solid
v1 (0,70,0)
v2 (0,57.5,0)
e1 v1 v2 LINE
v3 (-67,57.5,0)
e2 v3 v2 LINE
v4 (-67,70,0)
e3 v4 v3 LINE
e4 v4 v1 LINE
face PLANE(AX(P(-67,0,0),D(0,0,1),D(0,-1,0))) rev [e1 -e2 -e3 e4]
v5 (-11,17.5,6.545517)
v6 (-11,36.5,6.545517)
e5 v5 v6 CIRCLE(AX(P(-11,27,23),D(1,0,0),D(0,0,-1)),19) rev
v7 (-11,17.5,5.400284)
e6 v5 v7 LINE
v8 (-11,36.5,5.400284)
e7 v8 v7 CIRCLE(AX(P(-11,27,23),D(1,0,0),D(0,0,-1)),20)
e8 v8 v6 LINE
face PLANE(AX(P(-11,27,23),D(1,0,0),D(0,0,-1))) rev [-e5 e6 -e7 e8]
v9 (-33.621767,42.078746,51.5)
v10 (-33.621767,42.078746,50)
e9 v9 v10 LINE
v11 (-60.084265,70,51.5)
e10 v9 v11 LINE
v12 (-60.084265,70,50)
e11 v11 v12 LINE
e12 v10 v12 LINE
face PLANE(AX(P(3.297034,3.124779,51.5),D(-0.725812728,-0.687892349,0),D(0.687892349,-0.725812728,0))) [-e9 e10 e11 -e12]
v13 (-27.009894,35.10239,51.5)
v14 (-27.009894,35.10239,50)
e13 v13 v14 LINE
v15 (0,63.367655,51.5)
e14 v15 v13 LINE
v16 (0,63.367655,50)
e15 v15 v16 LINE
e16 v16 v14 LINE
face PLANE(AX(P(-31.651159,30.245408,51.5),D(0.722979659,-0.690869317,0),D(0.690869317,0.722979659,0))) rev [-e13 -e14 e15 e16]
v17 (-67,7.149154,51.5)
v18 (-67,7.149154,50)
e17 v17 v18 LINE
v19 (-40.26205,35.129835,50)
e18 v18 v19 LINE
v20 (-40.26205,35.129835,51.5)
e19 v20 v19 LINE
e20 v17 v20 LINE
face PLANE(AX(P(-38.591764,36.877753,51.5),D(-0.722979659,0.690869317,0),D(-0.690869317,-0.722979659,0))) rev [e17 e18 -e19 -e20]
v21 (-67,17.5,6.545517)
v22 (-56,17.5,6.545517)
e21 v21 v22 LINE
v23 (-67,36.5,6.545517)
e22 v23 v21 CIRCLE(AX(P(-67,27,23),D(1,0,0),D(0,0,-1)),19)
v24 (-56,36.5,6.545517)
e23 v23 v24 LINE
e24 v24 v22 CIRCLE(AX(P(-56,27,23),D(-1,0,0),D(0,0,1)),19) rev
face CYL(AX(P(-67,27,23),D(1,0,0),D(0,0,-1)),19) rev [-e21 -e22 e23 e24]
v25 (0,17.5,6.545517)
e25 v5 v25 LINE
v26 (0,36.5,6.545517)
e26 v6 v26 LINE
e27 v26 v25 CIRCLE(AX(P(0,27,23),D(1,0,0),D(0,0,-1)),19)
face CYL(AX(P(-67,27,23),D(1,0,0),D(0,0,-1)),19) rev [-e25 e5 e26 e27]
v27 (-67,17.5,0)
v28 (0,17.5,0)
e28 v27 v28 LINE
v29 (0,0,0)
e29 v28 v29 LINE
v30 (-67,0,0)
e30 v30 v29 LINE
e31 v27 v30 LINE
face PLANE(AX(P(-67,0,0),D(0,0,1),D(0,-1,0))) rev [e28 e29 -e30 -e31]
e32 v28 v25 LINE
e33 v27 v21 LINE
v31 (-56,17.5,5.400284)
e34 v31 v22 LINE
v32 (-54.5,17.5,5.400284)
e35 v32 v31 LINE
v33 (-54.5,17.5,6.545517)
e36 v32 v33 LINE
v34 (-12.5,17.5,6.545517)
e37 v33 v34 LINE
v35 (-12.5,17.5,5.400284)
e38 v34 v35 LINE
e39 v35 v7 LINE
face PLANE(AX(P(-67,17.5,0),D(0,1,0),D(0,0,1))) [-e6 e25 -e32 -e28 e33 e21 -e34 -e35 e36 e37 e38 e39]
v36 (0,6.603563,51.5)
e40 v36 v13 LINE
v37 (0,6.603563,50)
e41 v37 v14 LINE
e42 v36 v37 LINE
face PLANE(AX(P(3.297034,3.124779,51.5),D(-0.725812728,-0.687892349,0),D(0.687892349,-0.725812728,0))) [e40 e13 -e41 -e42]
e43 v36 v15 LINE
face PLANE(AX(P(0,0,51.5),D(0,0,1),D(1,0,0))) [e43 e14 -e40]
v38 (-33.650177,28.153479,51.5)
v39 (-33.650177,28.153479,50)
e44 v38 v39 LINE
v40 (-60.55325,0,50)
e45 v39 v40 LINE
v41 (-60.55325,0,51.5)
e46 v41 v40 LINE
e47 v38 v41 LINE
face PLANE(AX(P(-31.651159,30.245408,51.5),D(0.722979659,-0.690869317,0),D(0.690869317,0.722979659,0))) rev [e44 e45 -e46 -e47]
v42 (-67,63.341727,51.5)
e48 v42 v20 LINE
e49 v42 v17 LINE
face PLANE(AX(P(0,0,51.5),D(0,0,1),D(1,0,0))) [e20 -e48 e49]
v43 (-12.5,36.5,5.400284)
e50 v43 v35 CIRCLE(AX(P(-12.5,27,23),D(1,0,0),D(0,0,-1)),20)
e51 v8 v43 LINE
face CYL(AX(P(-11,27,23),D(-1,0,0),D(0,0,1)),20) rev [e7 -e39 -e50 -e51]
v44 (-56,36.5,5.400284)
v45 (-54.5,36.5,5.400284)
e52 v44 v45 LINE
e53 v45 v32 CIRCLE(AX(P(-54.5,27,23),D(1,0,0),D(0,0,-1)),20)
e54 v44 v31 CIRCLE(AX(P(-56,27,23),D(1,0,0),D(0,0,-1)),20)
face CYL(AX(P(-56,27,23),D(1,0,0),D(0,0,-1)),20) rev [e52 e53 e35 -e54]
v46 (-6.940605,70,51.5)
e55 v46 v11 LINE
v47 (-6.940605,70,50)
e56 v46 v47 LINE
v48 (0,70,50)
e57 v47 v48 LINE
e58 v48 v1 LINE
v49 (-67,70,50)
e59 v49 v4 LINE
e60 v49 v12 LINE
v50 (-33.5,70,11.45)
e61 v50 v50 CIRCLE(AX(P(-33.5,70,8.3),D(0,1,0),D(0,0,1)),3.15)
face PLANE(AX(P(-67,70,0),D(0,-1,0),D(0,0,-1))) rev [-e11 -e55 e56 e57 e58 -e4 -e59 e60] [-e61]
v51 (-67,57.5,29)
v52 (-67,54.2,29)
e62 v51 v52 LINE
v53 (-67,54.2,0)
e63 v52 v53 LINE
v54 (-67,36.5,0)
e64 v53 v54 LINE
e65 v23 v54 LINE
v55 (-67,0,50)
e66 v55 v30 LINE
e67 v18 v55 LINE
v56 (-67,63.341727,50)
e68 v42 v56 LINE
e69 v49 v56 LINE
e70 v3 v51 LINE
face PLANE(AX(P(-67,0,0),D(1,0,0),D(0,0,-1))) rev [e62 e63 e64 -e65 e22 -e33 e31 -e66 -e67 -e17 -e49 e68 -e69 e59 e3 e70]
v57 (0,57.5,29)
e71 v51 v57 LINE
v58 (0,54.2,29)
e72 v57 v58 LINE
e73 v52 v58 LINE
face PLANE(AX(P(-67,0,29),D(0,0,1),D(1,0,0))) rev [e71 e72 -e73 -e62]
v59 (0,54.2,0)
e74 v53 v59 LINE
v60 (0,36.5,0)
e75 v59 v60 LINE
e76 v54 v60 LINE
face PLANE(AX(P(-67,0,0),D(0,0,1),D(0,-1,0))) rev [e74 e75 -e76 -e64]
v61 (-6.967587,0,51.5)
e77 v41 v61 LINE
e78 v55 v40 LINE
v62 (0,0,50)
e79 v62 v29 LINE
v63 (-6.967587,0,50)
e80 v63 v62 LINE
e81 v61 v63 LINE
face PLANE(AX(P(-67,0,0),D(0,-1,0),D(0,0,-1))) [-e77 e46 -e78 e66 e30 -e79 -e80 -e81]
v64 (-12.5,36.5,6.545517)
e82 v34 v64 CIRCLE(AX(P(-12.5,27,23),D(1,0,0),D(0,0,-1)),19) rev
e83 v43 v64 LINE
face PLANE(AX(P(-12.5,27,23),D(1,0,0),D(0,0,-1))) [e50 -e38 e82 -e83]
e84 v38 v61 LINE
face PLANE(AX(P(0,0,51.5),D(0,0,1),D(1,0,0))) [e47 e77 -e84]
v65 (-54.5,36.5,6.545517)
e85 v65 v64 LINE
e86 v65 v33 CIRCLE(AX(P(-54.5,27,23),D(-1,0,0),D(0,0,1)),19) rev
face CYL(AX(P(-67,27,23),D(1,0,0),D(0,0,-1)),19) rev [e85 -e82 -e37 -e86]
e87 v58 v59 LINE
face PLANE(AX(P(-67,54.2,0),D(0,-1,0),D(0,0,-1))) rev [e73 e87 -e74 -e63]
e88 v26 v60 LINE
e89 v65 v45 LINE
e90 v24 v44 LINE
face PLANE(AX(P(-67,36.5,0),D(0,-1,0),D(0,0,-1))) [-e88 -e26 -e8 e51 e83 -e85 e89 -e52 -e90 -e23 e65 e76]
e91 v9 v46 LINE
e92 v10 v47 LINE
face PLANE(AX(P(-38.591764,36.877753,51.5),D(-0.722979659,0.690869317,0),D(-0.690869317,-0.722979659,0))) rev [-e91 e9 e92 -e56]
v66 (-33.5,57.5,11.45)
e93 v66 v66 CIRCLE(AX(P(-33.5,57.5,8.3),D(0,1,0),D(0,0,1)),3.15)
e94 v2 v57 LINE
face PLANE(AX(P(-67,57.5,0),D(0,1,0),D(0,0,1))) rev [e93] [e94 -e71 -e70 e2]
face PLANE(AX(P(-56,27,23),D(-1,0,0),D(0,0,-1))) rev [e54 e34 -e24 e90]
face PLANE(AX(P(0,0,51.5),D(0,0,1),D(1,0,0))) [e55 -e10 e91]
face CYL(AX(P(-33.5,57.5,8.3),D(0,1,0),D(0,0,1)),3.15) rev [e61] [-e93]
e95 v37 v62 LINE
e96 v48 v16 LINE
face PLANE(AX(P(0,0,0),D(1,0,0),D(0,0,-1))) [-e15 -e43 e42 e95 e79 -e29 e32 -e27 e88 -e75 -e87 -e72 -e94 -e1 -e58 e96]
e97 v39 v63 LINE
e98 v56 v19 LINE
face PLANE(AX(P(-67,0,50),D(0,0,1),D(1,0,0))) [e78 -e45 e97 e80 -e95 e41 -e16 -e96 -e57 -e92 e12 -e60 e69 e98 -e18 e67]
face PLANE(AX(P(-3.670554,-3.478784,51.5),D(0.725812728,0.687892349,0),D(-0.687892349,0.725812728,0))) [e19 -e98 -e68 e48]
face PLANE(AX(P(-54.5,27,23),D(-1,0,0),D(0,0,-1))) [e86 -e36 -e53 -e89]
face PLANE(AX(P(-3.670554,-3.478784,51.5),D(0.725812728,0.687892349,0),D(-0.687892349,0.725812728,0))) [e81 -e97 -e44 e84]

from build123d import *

# Parameters (mm, degrees)
BOSS_EXTRUDE1_DEPTH = 67
SKETCH2_R           = 20
CUT_EXTRUDE1_DEPTH  = 1.5
BOSS_EXTRUDE3_DEPTH = 1.5
SKETCH8_R           = 3.15
CUT_EXTRUDE2_DEPTH  = 12.5


with BuildPart() as part:
    # Sketch1 → Boss-Extrude1 (new body)
    with BuildSketch(Plane(origin=(0, 0, 0), x_dir=(0, 0, -1), z_dir=(1, 0, 0))):
        with BuildLine():
            Line((0, 70), (-50, 70))
            Line((-50, 70), (-50, 0))
            Line((-50, 0), (0, 0))
            Line((0, 0), (0, 17.5))
            Line((0, 17.5), (-6.545517328, 17.5))
            ThreePointArc((-6.545517328, 17.5), (-42, 27), (-6.545517328, 36.5))
            Line((-6.545517328, 36.5), (0, 36.5))
            Line((0, 36.5), (0, 54.2))
            Line((0, 54.2), (-29, 54.2))
            Line((-29, 54.2), (-29, 57.5))
            Line((-29, 57.5), (0, 57.5))
            Line((0, 57.5), (0, 70))
        make_face()
    extrude(amount=-BOSS_EXTRUDE1_DEPTH)

    # Sketch2 → Cut-Extrude1 (cut)
    with BuildSketch(Plane(origin=(-12.5, 0, 0), x_dir=(0, 0, -1), z_dir=(1, 0, 0))):
        with Locations((-23, 27)):
            Circle(SKETCH2_R)
    cut_extrude1 = extrude(amount=CUT_EXTRUDE1_DEPTH, mode=Mode.SUBTRACT)

    # Mirror1: Cut-Extrude1 across plane
    add(cut_extrude1.mirror(Plane(origin=(-33.5, 0, 0), x_dir=(0, 0, 1), z_dir=(1, 0, 0))), mode=Mode.SUBTRACT)

    # Sketch7 → Boss-Extrude3 (add)
    with BuildSketch(Plane.XY.offset(50)):
        Polygon((-60.553250223, 0), (-6.967587392, 0), (-33.650176709, 28.153479174), align=None)
        Polygon((0, 6.603562983), (0, 63.367654561), (-27.0098942, 35.102389871), align=None)
        Polygon((-67, 63.341726624), (-67, 7.149153864), (-40.262049953, 35.129834934), align=None)
        Polygon((-6.940604727, 70), (-60.084264634, 70), (-33.621767444, 42.078745631), align=None)
    extrude(amount=BOSS_EXTRUDE3_DEPTH)

    # Sketch8 → Cut-Extrude2 (cut)
    with BuildSketch(Plane(origin=(0, 70, 0), x_dir=(1, 0, 0), z_dir=(0, 1, 0))):
        with Locations((-33.5, -8.3)):
            Circle(SKETCH8_R)
    extrude(amount=-CUT_EXTRUDE2_DEPTH, mode=Mode.SUBTRACT)


solid = part.part
